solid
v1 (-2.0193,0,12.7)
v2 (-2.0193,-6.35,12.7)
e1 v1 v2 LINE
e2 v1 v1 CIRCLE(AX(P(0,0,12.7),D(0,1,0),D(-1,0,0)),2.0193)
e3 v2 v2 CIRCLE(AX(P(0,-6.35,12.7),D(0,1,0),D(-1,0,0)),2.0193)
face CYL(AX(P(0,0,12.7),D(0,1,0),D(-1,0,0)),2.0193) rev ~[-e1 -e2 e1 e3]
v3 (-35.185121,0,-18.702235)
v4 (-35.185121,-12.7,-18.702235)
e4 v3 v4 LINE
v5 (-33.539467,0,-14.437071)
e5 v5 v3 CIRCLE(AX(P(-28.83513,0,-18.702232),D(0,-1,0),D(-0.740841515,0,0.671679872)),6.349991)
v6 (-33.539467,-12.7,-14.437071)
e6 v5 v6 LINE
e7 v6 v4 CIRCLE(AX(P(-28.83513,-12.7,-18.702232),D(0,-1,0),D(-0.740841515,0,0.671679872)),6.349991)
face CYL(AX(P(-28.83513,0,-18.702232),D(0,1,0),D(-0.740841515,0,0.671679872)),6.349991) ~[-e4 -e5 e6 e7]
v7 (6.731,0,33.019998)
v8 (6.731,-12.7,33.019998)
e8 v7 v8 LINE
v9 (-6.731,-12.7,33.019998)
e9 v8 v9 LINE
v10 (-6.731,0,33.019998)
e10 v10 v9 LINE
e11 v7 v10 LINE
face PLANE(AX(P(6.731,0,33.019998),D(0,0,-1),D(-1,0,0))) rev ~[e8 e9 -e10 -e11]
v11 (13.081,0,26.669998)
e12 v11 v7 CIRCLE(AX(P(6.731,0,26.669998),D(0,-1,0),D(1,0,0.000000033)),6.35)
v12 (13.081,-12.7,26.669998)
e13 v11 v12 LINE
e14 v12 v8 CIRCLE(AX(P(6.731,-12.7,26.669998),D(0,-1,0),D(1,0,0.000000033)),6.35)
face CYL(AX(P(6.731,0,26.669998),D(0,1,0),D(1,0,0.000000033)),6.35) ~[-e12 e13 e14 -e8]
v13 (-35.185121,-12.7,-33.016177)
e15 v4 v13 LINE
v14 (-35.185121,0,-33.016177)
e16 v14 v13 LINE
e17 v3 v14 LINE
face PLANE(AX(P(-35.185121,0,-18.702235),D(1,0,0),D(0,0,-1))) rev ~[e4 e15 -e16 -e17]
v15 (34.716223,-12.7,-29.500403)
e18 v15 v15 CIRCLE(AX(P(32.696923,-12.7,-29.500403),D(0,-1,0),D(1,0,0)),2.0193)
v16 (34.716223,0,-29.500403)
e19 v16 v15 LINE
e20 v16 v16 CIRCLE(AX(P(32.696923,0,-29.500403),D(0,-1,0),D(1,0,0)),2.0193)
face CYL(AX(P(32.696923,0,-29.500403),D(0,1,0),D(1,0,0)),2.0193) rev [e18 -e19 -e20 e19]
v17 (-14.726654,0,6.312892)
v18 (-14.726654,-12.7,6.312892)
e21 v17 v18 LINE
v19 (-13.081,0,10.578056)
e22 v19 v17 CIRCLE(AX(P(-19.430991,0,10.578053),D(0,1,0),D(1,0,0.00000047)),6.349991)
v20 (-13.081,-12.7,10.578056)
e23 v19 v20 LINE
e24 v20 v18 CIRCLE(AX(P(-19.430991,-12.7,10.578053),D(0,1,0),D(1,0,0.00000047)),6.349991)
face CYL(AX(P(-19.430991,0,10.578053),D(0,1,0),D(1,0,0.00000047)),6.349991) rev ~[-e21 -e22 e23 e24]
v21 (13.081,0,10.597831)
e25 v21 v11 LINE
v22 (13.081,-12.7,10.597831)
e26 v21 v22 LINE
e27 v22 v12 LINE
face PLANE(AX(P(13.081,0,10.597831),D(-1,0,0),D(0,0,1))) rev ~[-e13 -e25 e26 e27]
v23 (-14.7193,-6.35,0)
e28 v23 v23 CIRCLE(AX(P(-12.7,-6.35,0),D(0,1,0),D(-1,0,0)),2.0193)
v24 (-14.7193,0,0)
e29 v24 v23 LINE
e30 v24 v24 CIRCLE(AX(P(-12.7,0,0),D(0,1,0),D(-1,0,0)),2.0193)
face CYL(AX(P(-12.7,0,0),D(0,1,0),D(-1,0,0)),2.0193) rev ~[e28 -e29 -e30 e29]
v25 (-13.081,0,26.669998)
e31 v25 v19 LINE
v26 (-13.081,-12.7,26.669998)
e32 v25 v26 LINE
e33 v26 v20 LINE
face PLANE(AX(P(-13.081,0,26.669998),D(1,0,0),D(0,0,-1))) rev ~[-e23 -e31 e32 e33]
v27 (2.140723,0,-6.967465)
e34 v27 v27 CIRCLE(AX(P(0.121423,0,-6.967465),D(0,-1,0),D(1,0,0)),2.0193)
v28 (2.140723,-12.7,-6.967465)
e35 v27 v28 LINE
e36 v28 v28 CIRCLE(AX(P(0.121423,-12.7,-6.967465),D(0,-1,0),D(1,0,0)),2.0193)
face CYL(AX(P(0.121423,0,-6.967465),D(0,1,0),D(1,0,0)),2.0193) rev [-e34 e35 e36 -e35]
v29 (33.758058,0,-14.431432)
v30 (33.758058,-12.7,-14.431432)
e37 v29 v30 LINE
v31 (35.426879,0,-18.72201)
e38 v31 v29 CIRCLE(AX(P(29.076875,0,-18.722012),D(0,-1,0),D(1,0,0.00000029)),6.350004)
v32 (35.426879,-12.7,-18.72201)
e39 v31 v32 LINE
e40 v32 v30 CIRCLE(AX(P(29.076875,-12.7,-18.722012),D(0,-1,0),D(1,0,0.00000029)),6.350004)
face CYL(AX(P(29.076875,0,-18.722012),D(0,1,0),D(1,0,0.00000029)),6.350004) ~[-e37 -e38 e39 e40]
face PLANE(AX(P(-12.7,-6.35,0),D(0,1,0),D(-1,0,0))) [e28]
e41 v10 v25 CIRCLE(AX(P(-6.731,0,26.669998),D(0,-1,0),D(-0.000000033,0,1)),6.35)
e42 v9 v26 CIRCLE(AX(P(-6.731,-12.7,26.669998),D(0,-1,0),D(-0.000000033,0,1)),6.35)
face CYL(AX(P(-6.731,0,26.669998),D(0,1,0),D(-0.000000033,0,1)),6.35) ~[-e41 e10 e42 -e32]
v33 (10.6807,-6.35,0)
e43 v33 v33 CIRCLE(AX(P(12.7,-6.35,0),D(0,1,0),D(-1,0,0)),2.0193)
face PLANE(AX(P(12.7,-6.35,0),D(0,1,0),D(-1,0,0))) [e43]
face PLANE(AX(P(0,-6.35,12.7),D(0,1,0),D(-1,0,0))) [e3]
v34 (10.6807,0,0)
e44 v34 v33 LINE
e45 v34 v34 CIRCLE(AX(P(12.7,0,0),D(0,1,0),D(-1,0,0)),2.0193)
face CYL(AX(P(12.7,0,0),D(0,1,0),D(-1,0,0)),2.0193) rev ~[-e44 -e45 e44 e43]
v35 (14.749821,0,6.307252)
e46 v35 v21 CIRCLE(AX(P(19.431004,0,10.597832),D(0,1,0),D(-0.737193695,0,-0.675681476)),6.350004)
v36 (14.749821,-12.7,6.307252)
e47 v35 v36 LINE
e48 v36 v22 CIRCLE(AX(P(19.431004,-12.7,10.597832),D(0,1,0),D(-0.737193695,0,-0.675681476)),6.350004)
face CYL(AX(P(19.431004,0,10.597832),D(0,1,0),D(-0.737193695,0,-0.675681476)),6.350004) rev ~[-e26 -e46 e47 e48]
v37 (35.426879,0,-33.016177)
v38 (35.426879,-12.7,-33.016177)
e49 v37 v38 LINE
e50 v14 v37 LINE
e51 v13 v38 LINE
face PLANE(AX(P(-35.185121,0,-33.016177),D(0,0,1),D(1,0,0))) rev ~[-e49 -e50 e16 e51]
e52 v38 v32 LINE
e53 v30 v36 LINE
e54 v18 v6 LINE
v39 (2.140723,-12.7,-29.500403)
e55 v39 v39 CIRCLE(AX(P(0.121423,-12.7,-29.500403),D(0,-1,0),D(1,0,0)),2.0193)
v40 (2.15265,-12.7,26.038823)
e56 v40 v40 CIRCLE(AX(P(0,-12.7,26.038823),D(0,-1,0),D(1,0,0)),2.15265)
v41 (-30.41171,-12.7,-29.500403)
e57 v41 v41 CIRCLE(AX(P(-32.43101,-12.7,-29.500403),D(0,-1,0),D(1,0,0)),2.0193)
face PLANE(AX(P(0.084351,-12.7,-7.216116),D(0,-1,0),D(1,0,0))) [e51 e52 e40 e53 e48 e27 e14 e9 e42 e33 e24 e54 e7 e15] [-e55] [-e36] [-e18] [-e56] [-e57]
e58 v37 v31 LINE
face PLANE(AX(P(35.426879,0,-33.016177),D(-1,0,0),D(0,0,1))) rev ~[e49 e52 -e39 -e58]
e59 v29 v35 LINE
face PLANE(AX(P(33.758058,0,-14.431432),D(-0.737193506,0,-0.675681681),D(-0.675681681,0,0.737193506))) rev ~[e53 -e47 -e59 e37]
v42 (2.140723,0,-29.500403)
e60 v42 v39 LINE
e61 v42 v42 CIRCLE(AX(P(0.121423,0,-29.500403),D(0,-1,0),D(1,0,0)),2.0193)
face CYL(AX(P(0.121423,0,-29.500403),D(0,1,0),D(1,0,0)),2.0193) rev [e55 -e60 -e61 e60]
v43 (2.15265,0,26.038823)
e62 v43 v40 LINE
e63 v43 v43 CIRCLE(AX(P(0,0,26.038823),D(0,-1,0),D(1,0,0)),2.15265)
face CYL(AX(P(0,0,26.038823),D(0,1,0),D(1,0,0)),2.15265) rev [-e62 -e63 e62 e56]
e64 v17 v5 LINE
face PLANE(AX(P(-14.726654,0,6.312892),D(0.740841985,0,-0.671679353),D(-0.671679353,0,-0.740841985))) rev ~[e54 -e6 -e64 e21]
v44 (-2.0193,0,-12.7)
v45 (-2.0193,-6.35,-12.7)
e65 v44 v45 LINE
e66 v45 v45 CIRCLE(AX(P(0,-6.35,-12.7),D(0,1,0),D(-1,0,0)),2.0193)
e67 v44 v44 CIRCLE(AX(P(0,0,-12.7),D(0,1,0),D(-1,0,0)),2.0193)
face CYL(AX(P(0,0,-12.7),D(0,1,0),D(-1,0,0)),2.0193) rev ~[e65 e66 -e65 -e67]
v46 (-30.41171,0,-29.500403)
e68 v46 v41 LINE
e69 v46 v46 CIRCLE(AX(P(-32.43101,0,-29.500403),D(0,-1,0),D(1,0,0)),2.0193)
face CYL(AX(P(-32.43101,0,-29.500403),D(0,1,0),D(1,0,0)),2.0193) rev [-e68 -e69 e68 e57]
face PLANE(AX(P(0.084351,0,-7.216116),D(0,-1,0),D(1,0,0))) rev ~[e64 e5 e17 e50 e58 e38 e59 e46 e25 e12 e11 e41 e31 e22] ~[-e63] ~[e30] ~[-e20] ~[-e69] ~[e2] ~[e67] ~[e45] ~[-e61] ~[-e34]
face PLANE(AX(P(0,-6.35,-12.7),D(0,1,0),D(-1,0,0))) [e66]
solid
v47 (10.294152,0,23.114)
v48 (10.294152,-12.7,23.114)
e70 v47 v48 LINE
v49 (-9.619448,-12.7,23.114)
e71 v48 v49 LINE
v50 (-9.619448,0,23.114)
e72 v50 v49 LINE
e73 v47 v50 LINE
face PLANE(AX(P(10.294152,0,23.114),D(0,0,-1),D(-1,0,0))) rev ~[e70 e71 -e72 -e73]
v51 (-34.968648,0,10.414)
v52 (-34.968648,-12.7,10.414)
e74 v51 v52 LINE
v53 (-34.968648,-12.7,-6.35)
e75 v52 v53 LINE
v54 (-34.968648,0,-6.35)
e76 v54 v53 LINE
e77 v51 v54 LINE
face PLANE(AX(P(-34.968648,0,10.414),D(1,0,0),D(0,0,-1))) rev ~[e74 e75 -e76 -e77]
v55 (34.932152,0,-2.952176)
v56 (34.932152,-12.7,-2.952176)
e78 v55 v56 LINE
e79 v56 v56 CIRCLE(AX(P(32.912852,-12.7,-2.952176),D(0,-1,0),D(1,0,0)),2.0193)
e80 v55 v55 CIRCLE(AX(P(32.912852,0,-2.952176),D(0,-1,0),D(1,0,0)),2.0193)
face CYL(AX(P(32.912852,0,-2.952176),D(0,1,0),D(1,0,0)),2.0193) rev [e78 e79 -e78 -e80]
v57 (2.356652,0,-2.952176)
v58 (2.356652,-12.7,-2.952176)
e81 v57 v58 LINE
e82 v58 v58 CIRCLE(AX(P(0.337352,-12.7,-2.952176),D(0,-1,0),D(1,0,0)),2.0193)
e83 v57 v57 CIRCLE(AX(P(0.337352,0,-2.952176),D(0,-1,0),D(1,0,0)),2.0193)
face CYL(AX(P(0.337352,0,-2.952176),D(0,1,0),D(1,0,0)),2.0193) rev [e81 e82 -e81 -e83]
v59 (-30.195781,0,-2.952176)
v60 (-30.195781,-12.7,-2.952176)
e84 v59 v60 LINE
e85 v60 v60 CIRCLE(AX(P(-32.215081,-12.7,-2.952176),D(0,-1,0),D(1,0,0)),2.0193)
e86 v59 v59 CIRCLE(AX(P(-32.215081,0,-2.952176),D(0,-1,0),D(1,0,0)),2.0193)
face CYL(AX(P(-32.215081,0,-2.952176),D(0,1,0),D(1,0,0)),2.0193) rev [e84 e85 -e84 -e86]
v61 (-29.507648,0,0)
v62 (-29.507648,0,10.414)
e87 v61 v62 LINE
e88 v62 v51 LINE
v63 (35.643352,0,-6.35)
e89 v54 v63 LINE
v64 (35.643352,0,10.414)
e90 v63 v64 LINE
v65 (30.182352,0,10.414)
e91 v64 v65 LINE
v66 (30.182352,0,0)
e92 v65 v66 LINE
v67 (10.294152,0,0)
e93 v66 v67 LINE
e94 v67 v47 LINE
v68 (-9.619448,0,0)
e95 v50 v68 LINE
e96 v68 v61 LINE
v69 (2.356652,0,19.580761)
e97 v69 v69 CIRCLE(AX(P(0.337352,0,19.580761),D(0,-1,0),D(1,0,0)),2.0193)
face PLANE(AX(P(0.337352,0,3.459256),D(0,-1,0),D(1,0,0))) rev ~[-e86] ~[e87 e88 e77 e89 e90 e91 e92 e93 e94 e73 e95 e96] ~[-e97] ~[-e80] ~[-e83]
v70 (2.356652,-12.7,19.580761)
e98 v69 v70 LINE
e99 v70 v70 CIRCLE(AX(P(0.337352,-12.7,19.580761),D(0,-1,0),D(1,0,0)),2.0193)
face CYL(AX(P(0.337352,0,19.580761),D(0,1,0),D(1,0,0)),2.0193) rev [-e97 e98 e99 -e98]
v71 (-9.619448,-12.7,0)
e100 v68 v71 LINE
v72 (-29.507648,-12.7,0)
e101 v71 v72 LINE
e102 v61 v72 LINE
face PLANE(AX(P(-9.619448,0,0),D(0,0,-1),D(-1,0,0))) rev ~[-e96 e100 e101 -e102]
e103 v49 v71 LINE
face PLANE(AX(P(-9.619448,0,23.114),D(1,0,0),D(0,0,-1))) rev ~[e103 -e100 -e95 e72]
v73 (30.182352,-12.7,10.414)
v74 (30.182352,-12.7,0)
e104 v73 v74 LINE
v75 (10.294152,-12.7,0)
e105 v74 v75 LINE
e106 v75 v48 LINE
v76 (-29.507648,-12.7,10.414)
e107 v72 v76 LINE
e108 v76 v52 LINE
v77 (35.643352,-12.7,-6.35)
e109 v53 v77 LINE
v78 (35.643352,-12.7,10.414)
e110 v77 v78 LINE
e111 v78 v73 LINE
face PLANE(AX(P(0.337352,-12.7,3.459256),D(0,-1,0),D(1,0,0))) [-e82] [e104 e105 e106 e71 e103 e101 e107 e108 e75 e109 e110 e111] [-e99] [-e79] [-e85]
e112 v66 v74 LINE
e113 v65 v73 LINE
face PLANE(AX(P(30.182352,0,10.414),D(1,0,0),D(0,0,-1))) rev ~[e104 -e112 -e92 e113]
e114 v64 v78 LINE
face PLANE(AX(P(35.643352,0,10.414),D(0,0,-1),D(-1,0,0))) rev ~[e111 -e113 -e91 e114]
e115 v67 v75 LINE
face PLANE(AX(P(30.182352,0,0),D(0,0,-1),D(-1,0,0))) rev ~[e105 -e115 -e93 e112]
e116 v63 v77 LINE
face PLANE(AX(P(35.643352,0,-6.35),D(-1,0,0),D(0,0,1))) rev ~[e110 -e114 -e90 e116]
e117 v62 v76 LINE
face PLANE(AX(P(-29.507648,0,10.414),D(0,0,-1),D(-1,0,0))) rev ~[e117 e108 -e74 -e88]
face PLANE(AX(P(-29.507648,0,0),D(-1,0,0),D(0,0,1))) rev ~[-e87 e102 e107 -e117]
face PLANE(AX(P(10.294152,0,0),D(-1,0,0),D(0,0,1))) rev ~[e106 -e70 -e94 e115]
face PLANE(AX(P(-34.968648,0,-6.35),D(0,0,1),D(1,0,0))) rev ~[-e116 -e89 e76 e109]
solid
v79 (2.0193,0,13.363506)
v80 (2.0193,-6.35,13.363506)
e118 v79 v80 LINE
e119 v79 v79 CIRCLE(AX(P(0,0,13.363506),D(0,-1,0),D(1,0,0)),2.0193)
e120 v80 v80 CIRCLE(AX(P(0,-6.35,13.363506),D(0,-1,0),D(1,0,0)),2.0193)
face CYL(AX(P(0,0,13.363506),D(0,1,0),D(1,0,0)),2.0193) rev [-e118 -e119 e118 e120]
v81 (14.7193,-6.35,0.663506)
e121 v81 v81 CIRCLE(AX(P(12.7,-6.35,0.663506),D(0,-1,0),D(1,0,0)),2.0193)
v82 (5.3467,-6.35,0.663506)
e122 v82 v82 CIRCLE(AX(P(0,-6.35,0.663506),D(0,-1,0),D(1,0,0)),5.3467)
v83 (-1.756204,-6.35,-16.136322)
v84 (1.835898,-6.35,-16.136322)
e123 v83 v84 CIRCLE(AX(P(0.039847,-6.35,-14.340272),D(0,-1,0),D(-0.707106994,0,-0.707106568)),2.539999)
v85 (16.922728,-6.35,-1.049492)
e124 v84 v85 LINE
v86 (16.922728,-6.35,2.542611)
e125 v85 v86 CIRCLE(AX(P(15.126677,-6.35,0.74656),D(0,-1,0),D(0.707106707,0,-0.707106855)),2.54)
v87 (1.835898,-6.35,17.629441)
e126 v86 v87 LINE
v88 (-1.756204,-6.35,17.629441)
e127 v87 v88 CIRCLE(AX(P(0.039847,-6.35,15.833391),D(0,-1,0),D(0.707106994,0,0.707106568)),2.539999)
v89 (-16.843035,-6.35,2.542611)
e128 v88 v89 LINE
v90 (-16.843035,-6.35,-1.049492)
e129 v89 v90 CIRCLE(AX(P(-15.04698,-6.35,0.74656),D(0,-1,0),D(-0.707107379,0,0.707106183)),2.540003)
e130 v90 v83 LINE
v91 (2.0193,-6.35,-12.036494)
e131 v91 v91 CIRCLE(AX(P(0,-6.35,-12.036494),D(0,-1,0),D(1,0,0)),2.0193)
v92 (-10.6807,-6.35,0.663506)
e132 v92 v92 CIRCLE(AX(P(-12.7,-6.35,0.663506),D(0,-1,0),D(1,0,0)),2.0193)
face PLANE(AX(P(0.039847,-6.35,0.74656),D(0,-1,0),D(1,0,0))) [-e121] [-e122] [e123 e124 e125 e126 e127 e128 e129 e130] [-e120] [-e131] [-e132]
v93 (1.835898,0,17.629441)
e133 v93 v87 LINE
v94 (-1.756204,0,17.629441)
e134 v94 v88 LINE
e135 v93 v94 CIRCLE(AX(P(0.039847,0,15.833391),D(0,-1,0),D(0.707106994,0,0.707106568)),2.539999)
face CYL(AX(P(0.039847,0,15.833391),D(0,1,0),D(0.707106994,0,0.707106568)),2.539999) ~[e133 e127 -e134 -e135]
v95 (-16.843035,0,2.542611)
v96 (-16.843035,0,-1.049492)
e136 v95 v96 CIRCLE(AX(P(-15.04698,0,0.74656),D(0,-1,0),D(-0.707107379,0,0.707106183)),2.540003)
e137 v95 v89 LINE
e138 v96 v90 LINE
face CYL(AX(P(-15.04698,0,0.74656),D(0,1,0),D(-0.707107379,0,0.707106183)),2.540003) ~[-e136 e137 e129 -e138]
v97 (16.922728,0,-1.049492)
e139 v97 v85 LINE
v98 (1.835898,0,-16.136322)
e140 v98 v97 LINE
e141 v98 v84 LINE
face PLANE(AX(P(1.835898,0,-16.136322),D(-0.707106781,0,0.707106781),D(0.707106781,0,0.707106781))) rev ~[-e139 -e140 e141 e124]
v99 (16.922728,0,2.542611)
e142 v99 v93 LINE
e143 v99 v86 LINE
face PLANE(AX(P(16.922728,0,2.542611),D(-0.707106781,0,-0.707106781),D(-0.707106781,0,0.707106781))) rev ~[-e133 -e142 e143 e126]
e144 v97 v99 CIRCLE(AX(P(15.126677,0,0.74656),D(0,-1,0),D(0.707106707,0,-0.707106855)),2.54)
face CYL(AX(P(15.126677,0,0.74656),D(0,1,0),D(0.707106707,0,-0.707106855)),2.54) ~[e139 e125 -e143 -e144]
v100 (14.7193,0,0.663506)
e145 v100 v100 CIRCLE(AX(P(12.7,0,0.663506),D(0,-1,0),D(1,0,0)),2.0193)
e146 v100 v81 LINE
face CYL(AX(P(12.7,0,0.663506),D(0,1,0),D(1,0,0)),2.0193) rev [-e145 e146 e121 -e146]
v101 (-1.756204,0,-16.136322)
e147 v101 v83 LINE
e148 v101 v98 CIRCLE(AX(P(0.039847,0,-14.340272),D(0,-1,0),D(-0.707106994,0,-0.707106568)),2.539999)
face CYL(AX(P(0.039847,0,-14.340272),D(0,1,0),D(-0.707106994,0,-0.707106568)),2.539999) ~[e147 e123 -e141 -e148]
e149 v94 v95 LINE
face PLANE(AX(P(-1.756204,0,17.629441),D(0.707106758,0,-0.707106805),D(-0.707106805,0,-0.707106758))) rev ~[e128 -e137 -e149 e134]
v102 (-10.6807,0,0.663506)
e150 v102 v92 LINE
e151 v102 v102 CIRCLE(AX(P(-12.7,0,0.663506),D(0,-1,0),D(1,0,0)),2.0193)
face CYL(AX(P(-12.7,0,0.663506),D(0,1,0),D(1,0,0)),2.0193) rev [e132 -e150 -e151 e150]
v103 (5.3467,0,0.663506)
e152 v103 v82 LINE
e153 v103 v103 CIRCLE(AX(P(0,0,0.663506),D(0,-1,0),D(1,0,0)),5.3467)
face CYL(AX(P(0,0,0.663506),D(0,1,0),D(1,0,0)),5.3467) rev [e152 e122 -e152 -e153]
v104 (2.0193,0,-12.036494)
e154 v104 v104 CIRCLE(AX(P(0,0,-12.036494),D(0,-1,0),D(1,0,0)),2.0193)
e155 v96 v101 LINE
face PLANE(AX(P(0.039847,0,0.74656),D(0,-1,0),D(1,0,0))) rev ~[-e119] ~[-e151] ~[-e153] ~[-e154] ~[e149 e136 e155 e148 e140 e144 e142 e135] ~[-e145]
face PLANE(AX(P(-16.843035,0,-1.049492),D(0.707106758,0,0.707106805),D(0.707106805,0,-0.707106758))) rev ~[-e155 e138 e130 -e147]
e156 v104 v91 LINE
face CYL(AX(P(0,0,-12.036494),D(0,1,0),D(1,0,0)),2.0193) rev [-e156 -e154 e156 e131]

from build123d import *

# Parameters (mm, degrees)
F0_R     = 2.0193
F0_R_2   = 2.15265
F1_DEPTH = 12.7
F2_R     = 2.0193
F3_DEPTH = 6.35
F5_DEPTH = 6.35
F6_R     = 2.0193
F7_DEPTH = 12.7
F8_R     = 2.0193
F8_R_2   = 5.3467
F9_DEPTH = 6.35


with BuildPart() as f1:
    # F0 (on Front) → F1 (new body)
    with BuildSketch(Plane.XZ):
        with BuildLine():
            Line((-35.185121, -18.702235), (-35.185121, -33.016177))
            Line((-35.185121, -33.016177), (34.918879, -33.016177))
            Line((34.918879, -33.016177), (35.426879, -33.016177))
            Line((35.426879, -33.016177), (35.426879, -32.508177))
            Line((35.426879, -32.508177), (35.426879, -18.72201))
            ThreePointArc((35.426879, -18.72201), (34.994986, -16.420162), (33.758058, -14.431432))
            Line((33.758058, -14.431432), (14.749821, 6.307252))
            ThreePointArc((14.749821, 6.307252), (13.512893, 8.295982), (13.081, 10.597831))
            Line((13.081, 10.597831), (13.081, 26.669998))
            ThreePointArc((13.081, 26.669998), (11.221128, 31.160126), (6.731, 33.019998))
            Line((6.731, 33.019998), (-6.731, 33.019998))
            ThreePointArc((-6.731, 33.019998), (-11.221128, 31.160126), (-13.081, 26.669998))
            Line((-13.081, 26.669998), (-13.081, 10.578056))
            ThreePointArc((-13.081, 10.578056), (-13.506681, 8.292241), (-14.726654, 6.312892))
            Line((-14.726654, 6.312892), (-33.539467, -14.437071))
            ThreePointArc((-33.539467, -14.437071), (-34.75944, -16.41642), (-35.185121, -18.702235))
        make_face()
        with Locations((-32.43101, -29.500403)):
            Circle(F0_R, mode=Mode.SUBTRACT)
        with Locations((0.121423, -29.500403)):
            Circle(F0_R, mode=Mode.SUBTRACT)
        with Locations((32.696923, -29.500403)):
            Circle(F0_R, mode=Mode.SUBTRACT)
        with Locations((0.121423, -6.967465)):
            Circle(F0_R, mode=Mode.SUBTRACT)
        with Locations((0, 26.038823)):
            Circle(F0_R_2, mode=Mode.SUBTRACT)
    extrude(amount=F1_DEPTH)

    # F2 (on face) → F3 (cut)
    with BuildSketch(Plane(origin=(0, 0, 0), x_dir=(-1, 0, 0), z_dir=(0, 1, 0))):
        with Locations((0, 12.7)):
            Circle(F2_R)
        with Locations((-12.7, 0)):
            Circle(F2_R)
        with Locations((12.7, 0)):
            Circle(F2_R)
        with Locations((0, -12.7)):
            Circle(F2_R)
    extrude(amount=-F3_DEPTH, mode=Mode.SUBTRACT)


with BuildPart() as f5:
    # F4 (on face) → F5 (new body)
    with BuildSketch(Plane(origin=(0, 0, 0), x_dir=(-1, 0, 0), z_dir=(0, 1, 0))):
        with BuildLine():
            ThreePointArc((1.796051, 16.882882), (0, 17.62683), (-1.796051, 16.882882))
            Line((-1.796051, 16.882882), (-16.882882, 1.796051))
            ThreePointArc((-16.882882, 1.796051), (-17.62683, 0), (-16.882882, -1.796051))
            Line((-16.882882, -1.796051), (-1.796051, -16.882882))
            ThreePointArc((-1.796051, -16.882882), (0, -17.62683), (1.796051, -16.882882))
            Line((1.796051, -16.882882), (16.882882, -1.796051))
            ThreePointArc((16.882882, -1.796051), (17.62683, 0), (16.882882, 1.796051))
            Line((16.882882, 1.796051), (1.796051, 16.882882))
        make_face()
    extrude(amount=F5_DEPTH)


with BuildPart() as f7:
    # F6 (on Front) → F7 (new body)
    with BuildSketch(Plane.XZ):
        Polygon((-34.968648, -6.35), (35.643352, -6.35), (35.643352, 10.414), (30.182352, 10.414), (30.182352, 0), (10.294152, 0), (10.294152, 23.114), (-9.619448, 23.114), (-9.619448, 0), (-29.507648, 0), (-29.507648, 10.414), (-34.968648, 10.414), align=None)
        with Locations((-32.215081, -2.952176)):
            Circle(F6_R, mode=Mode.SUBTRACT)
        with Locations((0.337352, -2.952176)):
            Circle(F6_R, mode=Mode.SUBTRACT)
        with Locations((32.912852, -2.952176)):
            Circle(F6_R, mode=Mode.SUBTRACT)
        with Locations((0.337352, 19.580761)):
            Circle(F6_R, mode=Mode.SUBTRACT)
    extrude(amount=F7_DEPTH)


with BuildPart() as f9:
    # F8 (on Front) → F9 (new body)
    with BuildSketch(Plane.XZ):
        with BuildLine():
            ThreePointArc((1.835898, 17.629441), (0.039847, 18.37339), (-1.756204, 17.629441))
            Line((-1.756204, 17.629441), (-16.843035, 2.542611))
            ThreePointArc((-16.843035, 2.542611), (-17.586983, 0.746559), (-16.843035, -1.049492))
            Line((-16.843035, -1.049492), (-1.756204, -16.136322))
            ThreePointArc((-1.756204, -16.136322), (0.039847, -16.880271), (1.835898, -16.136322))
            Line((1.835898, -16.136322), (16.922728, -1.049492))
            ThreePointArc((16.922728, -1.049492), (17.666677, 0.746559), (16.922728, 2.542611))
            Line((16.922728, 2.542611), (1.835898, 17.629441))
        make_face()
        with Locations((0, -12.036494)):
            Circle(F8_R, mode=Mode.SUBTRACT)
        with Locations((-12.7, 0.663506)):
            Circle(F8_R, mode=Mode.SUBTRACT)
        with Locations((0, 0.663506)):
            Circle(F8_R_2, mode=Mode.SUBTRACT)
        with Locations((12.7, 0.663506)):
            Circle(F8_R, mode=Mode.SUBTRACT)
        with Locations((0, 13.363506)):
            Circle(F8_R, mode=Mode.SUBTRACT)
    extrude(amount=F9_DEPTH)


solid = Compound([f1.part, f7.part, f9.part])
